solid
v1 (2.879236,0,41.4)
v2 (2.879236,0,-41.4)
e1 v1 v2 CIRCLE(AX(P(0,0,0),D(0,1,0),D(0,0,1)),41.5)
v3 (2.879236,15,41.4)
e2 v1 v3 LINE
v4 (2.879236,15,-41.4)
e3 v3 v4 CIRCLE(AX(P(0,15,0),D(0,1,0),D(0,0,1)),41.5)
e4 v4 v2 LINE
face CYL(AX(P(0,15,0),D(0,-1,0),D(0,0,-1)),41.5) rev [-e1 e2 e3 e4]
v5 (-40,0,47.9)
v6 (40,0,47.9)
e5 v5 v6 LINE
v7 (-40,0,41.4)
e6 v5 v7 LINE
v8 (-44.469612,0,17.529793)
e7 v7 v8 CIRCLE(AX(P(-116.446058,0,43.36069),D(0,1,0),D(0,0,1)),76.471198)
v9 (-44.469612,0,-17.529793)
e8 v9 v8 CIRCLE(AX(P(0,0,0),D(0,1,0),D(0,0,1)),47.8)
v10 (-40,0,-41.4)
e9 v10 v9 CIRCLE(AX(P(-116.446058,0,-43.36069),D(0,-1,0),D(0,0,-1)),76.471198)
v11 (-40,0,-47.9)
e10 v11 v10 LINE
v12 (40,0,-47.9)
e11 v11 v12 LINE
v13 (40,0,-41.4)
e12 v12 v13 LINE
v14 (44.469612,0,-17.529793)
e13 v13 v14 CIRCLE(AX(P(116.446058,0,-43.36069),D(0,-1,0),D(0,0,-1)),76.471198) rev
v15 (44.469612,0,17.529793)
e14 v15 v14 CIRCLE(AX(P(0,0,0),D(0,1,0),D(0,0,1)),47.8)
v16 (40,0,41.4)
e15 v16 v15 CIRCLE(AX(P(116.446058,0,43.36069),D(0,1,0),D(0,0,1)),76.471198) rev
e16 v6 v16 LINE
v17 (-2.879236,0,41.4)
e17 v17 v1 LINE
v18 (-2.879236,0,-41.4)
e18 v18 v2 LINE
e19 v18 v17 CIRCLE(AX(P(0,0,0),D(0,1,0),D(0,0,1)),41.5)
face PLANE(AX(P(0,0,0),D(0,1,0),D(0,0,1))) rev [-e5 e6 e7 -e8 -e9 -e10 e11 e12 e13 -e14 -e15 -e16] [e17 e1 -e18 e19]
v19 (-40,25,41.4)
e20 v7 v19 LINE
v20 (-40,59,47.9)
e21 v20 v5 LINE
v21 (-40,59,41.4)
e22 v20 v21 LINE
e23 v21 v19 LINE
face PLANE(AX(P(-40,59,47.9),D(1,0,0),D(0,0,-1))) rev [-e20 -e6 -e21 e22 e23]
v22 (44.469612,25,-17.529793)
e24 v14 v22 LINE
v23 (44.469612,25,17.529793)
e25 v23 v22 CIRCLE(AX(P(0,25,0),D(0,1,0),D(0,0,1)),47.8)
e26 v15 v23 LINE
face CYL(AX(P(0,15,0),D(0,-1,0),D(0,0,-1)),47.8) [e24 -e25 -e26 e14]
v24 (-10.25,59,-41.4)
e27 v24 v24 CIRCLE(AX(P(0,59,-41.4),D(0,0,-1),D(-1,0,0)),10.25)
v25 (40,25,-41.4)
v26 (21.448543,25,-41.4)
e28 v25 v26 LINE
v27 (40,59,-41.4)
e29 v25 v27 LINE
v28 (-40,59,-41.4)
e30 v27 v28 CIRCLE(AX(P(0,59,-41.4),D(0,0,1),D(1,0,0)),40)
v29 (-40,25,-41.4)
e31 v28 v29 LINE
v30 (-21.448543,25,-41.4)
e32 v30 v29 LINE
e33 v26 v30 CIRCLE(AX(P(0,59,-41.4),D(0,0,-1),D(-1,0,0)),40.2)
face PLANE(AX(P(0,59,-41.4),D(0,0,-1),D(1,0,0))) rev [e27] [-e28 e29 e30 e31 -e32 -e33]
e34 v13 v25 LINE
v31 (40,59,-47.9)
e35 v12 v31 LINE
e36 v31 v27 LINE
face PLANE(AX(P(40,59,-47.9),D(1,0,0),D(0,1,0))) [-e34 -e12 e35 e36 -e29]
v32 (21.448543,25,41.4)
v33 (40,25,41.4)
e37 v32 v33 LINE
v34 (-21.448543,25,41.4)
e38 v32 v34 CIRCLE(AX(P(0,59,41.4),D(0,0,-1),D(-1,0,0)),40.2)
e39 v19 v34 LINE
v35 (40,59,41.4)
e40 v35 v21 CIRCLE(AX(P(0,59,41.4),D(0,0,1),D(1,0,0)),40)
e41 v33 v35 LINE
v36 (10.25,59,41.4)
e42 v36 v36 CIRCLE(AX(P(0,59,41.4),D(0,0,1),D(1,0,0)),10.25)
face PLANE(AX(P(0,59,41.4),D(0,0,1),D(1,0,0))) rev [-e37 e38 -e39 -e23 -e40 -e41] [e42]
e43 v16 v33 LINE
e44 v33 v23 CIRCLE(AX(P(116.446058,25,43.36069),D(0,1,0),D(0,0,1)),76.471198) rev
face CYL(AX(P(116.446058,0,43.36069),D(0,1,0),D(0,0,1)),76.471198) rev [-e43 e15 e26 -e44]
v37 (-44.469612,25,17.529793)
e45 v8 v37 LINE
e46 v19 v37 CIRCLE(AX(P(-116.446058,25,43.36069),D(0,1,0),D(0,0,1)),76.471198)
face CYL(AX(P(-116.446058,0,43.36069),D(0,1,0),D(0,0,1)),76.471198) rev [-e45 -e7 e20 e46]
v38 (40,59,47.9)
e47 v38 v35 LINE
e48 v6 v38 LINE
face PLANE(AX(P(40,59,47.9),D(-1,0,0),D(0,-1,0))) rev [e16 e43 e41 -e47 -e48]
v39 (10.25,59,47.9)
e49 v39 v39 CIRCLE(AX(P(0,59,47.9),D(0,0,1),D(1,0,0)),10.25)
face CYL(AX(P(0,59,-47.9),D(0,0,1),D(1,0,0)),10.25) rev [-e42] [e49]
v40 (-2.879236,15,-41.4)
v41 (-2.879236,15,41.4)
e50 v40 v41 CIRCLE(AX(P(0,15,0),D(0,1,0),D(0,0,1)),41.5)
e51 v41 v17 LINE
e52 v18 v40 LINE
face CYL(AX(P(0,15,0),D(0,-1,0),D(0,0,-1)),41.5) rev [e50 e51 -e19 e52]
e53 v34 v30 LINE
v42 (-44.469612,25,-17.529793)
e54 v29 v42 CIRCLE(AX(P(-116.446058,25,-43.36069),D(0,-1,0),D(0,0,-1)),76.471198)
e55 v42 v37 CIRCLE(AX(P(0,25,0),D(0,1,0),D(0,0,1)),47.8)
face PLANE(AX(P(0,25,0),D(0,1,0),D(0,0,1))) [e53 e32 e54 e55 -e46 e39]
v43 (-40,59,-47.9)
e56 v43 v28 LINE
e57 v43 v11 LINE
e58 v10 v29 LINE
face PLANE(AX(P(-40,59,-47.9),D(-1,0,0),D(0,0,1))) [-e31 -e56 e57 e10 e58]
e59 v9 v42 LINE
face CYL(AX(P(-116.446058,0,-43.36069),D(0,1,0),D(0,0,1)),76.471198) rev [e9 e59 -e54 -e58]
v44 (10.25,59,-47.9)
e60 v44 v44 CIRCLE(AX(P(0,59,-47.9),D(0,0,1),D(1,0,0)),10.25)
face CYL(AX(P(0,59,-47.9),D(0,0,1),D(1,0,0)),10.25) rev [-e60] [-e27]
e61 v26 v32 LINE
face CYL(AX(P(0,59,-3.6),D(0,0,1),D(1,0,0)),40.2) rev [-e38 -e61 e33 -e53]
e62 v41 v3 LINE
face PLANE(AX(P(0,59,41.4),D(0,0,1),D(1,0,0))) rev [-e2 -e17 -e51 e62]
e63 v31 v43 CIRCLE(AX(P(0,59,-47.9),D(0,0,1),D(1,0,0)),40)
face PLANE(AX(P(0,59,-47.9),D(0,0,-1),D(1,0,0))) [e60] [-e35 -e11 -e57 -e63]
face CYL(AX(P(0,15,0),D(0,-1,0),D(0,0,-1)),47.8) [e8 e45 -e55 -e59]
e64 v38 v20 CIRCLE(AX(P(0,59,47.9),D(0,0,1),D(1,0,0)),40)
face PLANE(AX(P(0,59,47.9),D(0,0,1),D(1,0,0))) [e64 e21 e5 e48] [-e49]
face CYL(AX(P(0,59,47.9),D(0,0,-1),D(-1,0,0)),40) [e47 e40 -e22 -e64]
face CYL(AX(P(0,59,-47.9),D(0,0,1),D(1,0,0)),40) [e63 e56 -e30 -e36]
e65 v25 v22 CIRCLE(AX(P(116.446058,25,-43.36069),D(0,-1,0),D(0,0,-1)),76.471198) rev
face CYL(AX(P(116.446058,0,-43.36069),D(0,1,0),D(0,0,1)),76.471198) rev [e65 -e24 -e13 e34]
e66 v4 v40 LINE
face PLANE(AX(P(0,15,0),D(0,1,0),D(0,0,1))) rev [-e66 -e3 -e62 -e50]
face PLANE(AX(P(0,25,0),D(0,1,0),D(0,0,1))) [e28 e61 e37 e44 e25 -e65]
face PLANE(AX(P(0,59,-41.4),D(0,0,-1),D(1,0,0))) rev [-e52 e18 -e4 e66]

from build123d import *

# Parameters (mm, degrees)
SKETCH1_R                  = 47.8
SKETCH1_R_2                = 41.5
CAP_BASE_DEPTH             = 15
SKETCH2_R                  = 47.8
CAP_TOP_DEPTH              = 10
SIDES_START                = 41.4
SIDES_DEPTH                = 6.5
SIDES_START_2              = -25
SIDES_TO_CAP_DEPTH         = 25
SKETCH5_R                  = 40.2
TRACKS_FOR_HOUSING_DEPTH   = 45
SKETCH6_R                  = 10.25
HOLE_FOR_GEAR_SHAFTS_DEPTH = 146.82002606


with BuildPart() as part:
    # Sketch1 → Cap base (new body)
    with BuildSketch(Plane(origin=(0, 0, 0), x_dir=(1, 0, 0), z_dir=(0, 1, 0))):
        with Locations(Location((0, 0, 0), (0, 0, 270))):
            Circle(SKETCH1_R)
        with Locations(Location((0, 0, 0), (0, 0, 270))):
            Circle(SKETCH1_R_2, mode=Mode.SUBTRACT)
    extrude(amount=CAP_BASE_DEPTH)

    # Sketch2 → Cap top (add)
    with BuildSketch(Plane(origin=(0, 15, 0), x_dir=(1, 0, 0), z_dir=(0, 1, 0))):
        with Locations(Location((0, 0, 0), (0, 0, 270))):
            Circle(SKETCH2_R)
    extrude(amount=CAP_TOP_DEPTH)

    # Sketch3 → Sides (add)
    with BuildSketch(Plane.XY.offset(SIDES_START)):
        with BuildLine():
            Line((-40, 59), (-40, 0))
            Line((-40, 0), (40, 0))
            Line((40, 0), (40, 59))
            ThreePointArc((40, 59), (0, 99), (-40, 59))
        make_face()
    sides = extrude(amount=SIDES_DEPTH)

    # Sketch4 → Sides to cap (add)
    with BuildSketch(Plane(origin=(0, 25, 0), x_dir=(1, 0, 0), z_dir=(0, 1, 0)).offset(SIDES_START_2)):
        with BuildLine():
            ThreePointArc((-23.893095237, -41.4), (-36.205132569, -31.209427673), (-44.469611721, -17.529792737))
            ThreePointArc((-44.469611721, -17.529792737), (-41.281194911, -29.286336098), (-40, -41.4))
            Line((-40, -41.4), (-23.893095237, -41.4))
        make_face()
        with BuildLine():
            Line((23.893095237, -41.4), (40, -41.4))
            ThreePointArc((40, -41.4), (41.281194911, -29.286336098), (44.469611721, -17.529792737))
            ThreePointArc((44.469611721, -17.529792737), (36.205132569, -31.209427673), (23.893095237, -41.4))
        make_face()
    sides_to_cap = extrude(amount=SIDES_TO_CAP_DEPTH)

    # Mirror1: Sides to cap across plane
    add(sides_to_cap.mirror(Plane.XY))

    # Mirror sides: Sides across plane
    add(sides.mirror(Plane.XY))

    # Sketch5 → Tracks for housing (cut)
    with BuildSketch(Plane(origin=(0, 0, 41.4), x_dir=(-1, 0, 0), z_dir=(0, 0, -1))):
        with Locations((0, 59)):
            Circle(SKETCH5_R)
    tracks_for_housing = extrude(amount=TRACKS_FOR_HOUSING_DEPTH, mode=Mode.SUBTRACT)

    # Mirror tracks: Tracks for housing across plane
    add(tracks_for_housing.mirror(Plane.XY), mode=Mode.SUBTRACT)

    # Sketch6 → Hole for gear shafts (cut, through all)
    with BuildSketch(Plane.XY.offset(47.9)):
        with Locations((0, 59)):
            Circle(SKETCH6_R)
    extrude(amount=-HOLE_FOR_GEAR_SHAFTS_DEPTH, mode=Mode.SUBTRACT)


solid = part.part
